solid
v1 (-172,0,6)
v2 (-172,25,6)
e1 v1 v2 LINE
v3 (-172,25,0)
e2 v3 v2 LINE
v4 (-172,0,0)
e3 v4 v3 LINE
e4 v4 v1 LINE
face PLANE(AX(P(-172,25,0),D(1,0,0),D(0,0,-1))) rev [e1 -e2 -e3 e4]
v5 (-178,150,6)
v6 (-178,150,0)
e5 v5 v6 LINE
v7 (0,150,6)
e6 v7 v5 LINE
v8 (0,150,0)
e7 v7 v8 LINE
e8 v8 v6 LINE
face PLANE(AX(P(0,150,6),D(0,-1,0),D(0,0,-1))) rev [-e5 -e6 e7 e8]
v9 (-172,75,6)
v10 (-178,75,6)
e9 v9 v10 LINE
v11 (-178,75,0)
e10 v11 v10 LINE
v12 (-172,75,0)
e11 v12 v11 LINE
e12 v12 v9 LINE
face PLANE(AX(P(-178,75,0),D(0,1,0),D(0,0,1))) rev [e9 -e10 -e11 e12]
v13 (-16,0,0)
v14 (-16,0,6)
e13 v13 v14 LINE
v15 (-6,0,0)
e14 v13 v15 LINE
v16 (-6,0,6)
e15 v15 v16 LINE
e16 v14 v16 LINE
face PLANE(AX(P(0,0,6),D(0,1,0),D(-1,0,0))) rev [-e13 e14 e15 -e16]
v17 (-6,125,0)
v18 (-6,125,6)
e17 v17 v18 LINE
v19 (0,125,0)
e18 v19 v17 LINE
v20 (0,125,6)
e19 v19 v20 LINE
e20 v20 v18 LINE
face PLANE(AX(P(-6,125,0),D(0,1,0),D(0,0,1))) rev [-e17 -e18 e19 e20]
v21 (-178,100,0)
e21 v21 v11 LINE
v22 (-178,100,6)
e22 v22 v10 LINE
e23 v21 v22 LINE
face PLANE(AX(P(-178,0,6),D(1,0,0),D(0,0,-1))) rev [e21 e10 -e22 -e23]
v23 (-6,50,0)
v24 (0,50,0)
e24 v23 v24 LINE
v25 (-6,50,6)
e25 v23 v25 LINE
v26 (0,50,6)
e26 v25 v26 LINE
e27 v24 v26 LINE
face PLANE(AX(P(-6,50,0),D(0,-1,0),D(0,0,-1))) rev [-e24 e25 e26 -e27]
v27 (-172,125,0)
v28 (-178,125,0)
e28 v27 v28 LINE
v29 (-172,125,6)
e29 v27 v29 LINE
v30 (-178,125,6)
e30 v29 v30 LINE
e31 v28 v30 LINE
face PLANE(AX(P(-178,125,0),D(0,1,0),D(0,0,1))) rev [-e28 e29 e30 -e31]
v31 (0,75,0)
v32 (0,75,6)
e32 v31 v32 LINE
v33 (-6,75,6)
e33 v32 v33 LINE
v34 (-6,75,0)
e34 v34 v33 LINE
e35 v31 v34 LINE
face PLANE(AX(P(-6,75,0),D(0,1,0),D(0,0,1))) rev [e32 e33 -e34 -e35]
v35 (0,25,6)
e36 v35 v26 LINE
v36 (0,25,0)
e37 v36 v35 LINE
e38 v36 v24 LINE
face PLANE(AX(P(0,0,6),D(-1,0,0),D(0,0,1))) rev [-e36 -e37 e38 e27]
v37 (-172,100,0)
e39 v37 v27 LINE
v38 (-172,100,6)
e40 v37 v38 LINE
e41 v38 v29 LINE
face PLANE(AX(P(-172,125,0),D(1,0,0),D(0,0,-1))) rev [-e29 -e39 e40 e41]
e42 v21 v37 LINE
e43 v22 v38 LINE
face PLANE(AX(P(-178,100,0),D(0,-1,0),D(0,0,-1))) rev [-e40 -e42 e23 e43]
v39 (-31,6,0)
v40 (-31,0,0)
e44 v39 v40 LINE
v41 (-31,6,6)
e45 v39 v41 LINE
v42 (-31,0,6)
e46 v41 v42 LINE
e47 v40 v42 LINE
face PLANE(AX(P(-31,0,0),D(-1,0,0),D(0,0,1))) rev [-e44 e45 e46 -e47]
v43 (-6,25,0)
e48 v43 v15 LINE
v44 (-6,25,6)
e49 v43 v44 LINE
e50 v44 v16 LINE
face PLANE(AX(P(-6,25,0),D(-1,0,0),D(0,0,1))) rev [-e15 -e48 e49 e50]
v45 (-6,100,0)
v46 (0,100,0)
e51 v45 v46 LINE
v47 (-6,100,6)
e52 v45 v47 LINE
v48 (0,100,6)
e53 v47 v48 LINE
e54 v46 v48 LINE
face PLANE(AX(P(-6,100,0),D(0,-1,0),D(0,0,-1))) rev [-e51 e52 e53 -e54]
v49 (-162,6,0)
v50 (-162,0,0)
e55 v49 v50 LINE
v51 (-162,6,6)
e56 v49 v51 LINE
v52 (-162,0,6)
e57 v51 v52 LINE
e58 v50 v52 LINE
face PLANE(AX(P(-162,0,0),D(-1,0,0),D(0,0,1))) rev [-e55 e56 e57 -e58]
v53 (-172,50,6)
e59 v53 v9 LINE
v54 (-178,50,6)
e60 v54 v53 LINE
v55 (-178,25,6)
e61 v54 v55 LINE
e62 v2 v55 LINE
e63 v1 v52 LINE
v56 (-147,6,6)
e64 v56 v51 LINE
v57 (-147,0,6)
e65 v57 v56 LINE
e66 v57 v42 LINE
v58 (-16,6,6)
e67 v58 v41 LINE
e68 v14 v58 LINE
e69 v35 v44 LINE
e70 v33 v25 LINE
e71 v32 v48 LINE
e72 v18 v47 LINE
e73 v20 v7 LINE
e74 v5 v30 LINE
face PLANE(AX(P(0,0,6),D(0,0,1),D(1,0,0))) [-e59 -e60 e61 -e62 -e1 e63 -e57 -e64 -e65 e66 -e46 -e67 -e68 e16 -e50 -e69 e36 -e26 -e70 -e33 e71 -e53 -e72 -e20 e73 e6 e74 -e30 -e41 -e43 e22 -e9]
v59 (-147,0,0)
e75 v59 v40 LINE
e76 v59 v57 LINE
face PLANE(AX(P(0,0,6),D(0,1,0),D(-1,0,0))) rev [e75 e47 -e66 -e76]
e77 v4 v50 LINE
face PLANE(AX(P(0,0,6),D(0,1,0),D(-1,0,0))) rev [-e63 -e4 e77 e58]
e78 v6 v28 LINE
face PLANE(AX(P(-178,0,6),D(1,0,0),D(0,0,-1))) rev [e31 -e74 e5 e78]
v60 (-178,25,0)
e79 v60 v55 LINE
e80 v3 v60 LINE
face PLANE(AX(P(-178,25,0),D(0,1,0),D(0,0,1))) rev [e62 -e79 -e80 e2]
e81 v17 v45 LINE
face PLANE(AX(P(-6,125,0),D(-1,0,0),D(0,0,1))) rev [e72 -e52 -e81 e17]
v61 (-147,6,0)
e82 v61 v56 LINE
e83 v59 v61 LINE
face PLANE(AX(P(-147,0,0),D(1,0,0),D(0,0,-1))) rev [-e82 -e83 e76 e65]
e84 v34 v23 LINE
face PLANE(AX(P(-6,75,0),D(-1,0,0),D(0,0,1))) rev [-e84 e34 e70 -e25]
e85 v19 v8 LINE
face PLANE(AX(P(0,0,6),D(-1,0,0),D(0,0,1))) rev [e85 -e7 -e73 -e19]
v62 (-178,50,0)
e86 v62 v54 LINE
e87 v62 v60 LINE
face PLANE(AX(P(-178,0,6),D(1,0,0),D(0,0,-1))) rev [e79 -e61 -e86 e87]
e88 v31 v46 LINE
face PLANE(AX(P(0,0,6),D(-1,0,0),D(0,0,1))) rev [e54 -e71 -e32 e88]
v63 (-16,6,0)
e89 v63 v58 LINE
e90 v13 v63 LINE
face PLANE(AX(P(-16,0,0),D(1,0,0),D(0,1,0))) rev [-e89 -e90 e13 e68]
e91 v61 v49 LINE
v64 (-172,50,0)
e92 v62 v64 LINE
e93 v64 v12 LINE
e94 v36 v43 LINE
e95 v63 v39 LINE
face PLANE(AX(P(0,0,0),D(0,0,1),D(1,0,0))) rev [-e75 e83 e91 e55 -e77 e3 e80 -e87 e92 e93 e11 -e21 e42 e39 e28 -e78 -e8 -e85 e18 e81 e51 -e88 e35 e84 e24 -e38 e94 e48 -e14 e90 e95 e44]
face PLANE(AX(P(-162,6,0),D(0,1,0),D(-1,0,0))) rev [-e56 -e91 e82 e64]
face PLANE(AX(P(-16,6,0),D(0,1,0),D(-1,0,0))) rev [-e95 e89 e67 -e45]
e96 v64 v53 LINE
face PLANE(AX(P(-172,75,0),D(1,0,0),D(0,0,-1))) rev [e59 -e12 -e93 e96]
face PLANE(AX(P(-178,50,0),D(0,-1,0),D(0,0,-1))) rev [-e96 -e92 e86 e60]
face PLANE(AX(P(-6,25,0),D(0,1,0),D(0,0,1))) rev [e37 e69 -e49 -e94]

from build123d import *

# Parameters (mm, degrees)
SKETCH1_W            = 178
SKETCH1_H            = 150
BOSS_EXTRUDE1_DEPTH  = 6
SKETCH2_W            = 6
SKETCH2_H            = 25
CUT_EXTRUDE1_DEPTH   = 6
LPATTERN1_COUNT      = 3
LPATTERN1_PITCH      = 50
LPATTERN1_COUNT_DIR2 = 2
LPATTERN1_PITCH_DIR2 = 172
SKETCH3_W            = 15
SKETCH3_H            = 6
CUT_EXTRUDE2_DEPTH   = 233.851884253


with BuildPart() as part:
    # Sketch1 → Boss-Extrude1 (new body)
    with BuildSketch(Plane.XY):
        with Locations((-89, 75)):
            Rectangle(SKETCH1_W, SKETCH1_H)
    extrude(amount=BOSS_EXTRUDE1_DEPTH)

    # Sketch2 → Cut-Extrude1 (cut)
    with BuildSketch(Plane.XY.offset(6)):
        with Locations((-175, 112.5)):
            Rectangle(SKETCH2_W, SKETCH2_H)
    cut_extrude1 = extrude(amount=-CUT_EXTRUDE1_DEPTH, mode=Mode.SUBTRACT)

    # LPattern1: Cut-Extrude1 3 × 2
    with Locations(*[(j * LPATTERN1_PITCH_DIR2, -i * LPATTERN1_PITCH, 0) for i in range(LPATTERN1_COUNT) for j in range(LPATTERN1_COUNT_DIR2) if (i, j) != (0, 0)]):
        add(cut_extrude1, mode=Mode.SUBTRACT)

    # Sketch3 → Cut-Extrude2 (cut, through all)
    with BuildSketch(Plane.XY.offset(6)):
        with Locations((-23.5, 3)):
            Rectangle(SKETCH3_W, SKETCH3_H)
        with Locations((-154.5, 3)):
            Rectangle(SKETCH3_W, SKETCH3_H)
    extrude(amount=-CUT_EXTRUDE2_DEPTH, mode=Mode.SUBTRACT)


solid = part.part
